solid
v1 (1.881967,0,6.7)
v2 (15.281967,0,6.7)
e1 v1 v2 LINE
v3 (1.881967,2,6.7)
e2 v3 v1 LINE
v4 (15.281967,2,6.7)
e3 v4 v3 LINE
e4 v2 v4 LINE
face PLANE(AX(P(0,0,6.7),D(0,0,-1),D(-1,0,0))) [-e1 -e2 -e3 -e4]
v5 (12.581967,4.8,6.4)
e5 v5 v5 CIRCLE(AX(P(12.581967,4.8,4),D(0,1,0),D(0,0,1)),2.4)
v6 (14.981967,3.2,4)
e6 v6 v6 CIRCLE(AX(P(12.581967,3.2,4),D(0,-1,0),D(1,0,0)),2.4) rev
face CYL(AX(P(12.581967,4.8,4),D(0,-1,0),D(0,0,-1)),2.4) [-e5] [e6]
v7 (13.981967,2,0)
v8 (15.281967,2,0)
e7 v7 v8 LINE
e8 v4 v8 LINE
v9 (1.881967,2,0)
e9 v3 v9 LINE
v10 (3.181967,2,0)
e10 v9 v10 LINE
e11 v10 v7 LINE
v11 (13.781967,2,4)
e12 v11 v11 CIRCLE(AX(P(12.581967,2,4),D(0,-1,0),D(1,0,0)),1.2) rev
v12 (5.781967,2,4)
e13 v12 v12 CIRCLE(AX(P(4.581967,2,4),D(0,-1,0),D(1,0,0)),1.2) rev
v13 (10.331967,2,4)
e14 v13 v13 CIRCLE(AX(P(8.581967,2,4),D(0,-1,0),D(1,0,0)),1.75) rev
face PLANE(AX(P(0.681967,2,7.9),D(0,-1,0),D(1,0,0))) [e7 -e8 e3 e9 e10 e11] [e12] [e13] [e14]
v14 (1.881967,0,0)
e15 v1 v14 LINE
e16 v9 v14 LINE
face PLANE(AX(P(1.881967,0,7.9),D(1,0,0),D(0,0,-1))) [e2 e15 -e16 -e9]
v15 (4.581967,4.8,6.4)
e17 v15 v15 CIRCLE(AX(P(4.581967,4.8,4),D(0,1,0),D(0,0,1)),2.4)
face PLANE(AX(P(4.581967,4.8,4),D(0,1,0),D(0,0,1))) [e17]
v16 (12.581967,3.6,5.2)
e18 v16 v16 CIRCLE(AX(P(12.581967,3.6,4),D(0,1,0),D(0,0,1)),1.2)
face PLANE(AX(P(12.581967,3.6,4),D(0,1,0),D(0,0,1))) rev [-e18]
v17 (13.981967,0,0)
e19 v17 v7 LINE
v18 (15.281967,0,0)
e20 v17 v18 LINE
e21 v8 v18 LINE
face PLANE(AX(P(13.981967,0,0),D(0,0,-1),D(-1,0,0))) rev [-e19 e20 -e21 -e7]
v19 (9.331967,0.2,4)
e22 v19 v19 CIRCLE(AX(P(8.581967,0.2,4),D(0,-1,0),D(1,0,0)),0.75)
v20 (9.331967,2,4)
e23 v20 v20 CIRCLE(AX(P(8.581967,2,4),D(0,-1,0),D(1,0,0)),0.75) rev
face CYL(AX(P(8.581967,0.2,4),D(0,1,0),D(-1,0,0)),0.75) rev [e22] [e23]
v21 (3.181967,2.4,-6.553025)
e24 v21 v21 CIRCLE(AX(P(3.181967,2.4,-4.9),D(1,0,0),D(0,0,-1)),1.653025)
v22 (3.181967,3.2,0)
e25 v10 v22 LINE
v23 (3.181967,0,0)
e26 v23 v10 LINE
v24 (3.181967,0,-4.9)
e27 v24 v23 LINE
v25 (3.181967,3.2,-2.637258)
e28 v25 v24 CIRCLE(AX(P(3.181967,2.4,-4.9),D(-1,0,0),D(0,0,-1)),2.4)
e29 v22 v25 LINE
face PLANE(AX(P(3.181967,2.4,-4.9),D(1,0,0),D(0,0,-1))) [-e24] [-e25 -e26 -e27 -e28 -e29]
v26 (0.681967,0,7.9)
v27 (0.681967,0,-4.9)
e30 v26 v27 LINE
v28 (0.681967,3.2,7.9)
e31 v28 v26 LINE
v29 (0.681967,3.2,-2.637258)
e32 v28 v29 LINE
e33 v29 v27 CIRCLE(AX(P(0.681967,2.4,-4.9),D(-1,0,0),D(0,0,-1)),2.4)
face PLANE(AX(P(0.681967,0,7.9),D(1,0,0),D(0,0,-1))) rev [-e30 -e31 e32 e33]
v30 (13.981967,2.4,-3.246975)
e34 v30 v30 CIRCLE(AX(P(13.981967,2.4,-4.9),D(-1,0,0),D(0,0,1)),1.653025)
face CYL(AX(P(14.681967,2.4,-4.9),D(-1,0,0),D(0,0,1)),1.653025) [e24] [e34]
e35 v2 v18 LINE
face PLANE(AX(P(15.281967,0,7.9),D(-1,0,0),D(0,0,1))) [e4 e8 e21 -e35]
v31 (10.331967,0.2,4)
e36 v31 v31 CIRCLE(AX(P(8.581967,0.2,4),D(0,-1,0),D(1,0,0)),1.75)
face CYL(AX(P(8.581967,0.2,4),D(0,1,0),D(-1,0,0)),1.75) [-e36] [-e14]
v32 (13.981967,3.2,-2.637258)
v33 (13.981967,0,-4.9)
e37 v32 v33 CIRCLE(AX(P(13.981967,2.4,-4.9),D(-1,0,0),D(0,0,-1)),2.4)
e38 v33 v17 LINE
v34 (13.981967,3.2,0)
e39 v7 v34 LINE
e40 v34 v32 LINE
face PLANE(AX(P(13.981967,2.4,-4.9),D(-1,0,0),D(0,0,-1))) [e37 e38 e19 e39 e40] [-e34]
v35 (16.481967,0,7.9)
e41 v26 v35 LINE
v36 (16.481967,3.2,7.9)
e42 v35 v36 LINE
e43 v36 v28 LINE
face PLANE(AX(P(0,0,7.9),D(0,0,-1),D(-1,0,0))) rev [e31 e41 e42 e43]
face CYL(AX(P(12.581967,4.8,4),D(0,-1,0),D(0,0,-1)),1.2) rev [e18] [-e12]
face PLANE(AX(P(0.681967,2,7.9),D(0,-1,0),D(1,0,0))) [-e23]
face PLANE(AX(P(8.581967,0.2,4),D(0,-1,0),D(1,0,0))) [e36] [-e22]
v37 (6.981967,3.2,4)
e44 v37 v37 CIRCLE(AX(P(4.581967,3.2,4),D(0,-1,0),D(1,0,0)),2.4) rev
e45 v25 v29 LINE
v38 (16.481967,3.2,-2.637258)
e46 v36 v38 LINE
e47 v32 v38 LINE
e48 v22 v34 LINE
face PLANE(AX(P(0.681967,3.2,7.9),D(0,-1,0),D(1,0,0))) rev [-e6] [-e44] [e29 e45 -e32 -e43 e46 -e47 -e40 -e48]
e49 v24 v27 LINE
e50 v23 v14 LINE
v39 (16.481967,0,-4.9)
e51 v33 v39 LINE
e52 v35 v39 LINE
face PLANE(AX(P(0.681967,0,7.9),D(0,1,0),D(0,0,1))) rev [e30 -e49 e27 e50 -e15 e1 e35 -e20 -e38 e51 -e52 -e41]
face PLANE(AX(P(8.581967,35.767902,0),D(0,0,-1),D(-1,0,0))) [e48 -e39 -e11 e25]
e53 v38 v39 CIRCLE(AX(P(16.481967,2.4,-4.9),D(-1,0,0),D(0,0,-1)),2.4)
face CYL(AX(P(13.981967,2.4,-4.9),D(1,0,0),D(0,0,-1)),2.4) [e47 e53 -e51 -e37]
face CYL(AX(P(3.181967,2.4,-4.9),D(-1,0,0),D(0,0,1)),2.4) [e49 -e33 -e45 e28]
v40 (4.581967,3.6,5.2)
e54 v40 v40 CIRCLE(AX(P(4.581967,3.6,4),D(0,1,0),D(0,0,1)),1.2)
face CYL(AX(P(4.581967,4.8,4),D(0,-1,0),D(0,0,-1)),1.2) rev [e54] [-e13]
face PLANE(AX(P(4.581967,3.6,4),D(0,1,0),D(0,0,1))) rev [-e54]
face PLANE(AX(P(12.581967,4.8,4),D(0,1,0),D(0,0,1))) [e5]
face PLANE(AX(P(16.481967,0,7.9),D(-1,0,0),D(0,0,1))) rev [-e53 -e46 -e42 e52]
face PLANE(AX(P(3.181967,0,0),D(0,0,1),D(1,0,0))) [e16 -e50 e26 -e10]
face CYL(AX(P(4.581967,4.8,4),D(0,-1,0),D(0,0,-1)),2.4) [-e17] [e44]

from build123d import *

# Parameters (mm, degrees)
MAINBASESKETCH_W        = 15.8
MAINBASESKETCH_H        = 3.2
MAINBASEEXTRUDE_DEPTH   = 7.9
STUDSSKETCH_R           = 2.4
STUDSEXTRUDE_DEPTH      = 1.6
STUDSPATTERN_COUNT      = 2
STUDSPATTERN_PITCH      = 8
STUDSPATTERN_COUNT_DIR2 = 2
STUDSPATTERN_PITCH_DIR2 = 8
MAINBASESHELL_T         = -1.2
LCUTBLUE_DEPTH          = 19.555463972
LCUTBLUE_DEPTH_BACK     = 19.555463972
MADESLIMCUTSKETCH_W     = 7.9
MADESLIMCUTSKETCH_H     = 7.9
MADESLIMCUT_DEPTH       = 19.897228453
SLIMHOLEEXT_START       = -0.2
SLIMHOLESKETCH_R        = 1.75
SLIMHOLESKETCH_R_2      = 0.75
SLIMHOLEEXT_DEPTH       = 2
BOSS_EXTRUDE2_DEPTH     = 2.5
SKETCH80_R              = 1.653025405
BOSS_EXTRUDE3_DEPTH     = 14


with BuildPart() as part:
    # MainBaseSketch → MainBaseExtrude (new, symmetric)
    with BuildSketch(Plane.XY):
        with Locations((8.581967213, 1.6)):
            Rectangle(MAINBASESKETCH_W, MAINBASESKETCH_H)
    extrude(amount=MAINBASEEXTRUDE_DEPTH, both=True)

    # StudsSketch → StudsExtrude (add)
    with BuildSketch(Plane(origin=(0, 3.2, 0), x_dir=(1, 0, 0), z_dir=(0, 1, 0))):
        with Locations((4.581967213, 4)):
            Circle(STUDSSKETCH_R)
    studsextrude = extrude(amount=STUDSEXTRUDE_DEPTH)

    # StudsPattern: StudsExtrude 2 × 2
    with Locations(*[(j * STUDSPATTERN_PITCH_DIR2, 0, i * STUDSPATTERN_PITCH) for i in range(STUDSPATTERN_COUNT) for j in range(STUDSPATTERN_COUNT_DIR2) if (i, j) != (0, 0)]):
        add(studsextrude)

    # MainBaseShell
    mainbaseshell_openings = [part.faces().sort_by_distance(p)[0] for p in [
        (8.581967213, 0, 0),
    ]]
    offset(amount=MAINBASESHELL_T, openings=mainbaseshell_openings, kind=Kind.INTERSECTION)

    # LCUTBlueSketch → LCutBlue (cut, two sides: drawn at the far end of the back side and taken through both)
    with BuildSketch(Plane(origin=(0, 3.2, 0), x_dir=(1, 0, 0), z_dir=(0, 1, 0)).offset(-LCUTBLUE_DEPTH_BACK)):
        Polygon((8.581967213, 53.229874044), (8.581967213, 7.9), (8.581967213, 0), (16.481967213, 0), (61.811841258, 0), (125.917963912, 64.106122654), (72.688089868, 117.335996699), align=None)
    extrude(amount=LCUTBLUE_DEPTH + LCUTBLUE_DEPTH_BACK, mode=Mode.SUBTRACT)

    # MadeSlimCutSketch → MadeSlimCut (cut, through all)
    with BuildSketch(Plane.XZ):
        with Locations((4.631967213, -3.95)):
            Rectangle(MADESLIMCUTSKETCH_W, MADESLIMCUTSKETCH_H)
    extrude(amount=-MADESLIMCUT_DEPTH, mode=Mode.SUBTRACT)

    # SlimHoleSketch → SlimHoleExt (add)
    with BuildSketch(Plane.XZ.offset(-2).offset(SLIMHOLEEXT_START)):
        with Locations((8.581967213, 4)):
            Circle(SLIMHOLESKETCH_R)
        with Locations((8.581967213, 4)):
            Circle(SLIMHOLESKETCH_R_2, mode=Mode.SUBTRACT)
    extrude(amount=SLIMHOLEEXT_DEPTH)

    # Sketch78 → Boss-Extrude2 (add)
    with BuildSketch(Plane.ZY.offset(-0.681967213)):
        with BuildLine():
            Line((0, 0), (-4.9, 0))
            ThreePointArc((-4.9, 0), (-6.859591794, 3.785640646), (-2.6372583, 3.2))
            Line((-2.6372583, 3.2), (0, 3.2))
            Line((0, 3.2), (0, 0))
        make_face()
    boss_extrude2 = extrude(amount=-BOSS_EXTRUDE2_DEPTH)

    # Mirror9: Boss-Extrude2 across plane
    add(boss_extrude2.mirror(Plane.ZY.offset(-8.581967213)))

    # Sketch80 → Boss-Extrude3 (add)
    with BuildSketch(Plane.ZY.offset(-0.681967213)):
        with Locations((-4.9, 2.4)):
            Circle(SKETCH80_R)
    extrude(amount=-BOSS_EXTRUDE3_DEPTH)


solid = part.part
